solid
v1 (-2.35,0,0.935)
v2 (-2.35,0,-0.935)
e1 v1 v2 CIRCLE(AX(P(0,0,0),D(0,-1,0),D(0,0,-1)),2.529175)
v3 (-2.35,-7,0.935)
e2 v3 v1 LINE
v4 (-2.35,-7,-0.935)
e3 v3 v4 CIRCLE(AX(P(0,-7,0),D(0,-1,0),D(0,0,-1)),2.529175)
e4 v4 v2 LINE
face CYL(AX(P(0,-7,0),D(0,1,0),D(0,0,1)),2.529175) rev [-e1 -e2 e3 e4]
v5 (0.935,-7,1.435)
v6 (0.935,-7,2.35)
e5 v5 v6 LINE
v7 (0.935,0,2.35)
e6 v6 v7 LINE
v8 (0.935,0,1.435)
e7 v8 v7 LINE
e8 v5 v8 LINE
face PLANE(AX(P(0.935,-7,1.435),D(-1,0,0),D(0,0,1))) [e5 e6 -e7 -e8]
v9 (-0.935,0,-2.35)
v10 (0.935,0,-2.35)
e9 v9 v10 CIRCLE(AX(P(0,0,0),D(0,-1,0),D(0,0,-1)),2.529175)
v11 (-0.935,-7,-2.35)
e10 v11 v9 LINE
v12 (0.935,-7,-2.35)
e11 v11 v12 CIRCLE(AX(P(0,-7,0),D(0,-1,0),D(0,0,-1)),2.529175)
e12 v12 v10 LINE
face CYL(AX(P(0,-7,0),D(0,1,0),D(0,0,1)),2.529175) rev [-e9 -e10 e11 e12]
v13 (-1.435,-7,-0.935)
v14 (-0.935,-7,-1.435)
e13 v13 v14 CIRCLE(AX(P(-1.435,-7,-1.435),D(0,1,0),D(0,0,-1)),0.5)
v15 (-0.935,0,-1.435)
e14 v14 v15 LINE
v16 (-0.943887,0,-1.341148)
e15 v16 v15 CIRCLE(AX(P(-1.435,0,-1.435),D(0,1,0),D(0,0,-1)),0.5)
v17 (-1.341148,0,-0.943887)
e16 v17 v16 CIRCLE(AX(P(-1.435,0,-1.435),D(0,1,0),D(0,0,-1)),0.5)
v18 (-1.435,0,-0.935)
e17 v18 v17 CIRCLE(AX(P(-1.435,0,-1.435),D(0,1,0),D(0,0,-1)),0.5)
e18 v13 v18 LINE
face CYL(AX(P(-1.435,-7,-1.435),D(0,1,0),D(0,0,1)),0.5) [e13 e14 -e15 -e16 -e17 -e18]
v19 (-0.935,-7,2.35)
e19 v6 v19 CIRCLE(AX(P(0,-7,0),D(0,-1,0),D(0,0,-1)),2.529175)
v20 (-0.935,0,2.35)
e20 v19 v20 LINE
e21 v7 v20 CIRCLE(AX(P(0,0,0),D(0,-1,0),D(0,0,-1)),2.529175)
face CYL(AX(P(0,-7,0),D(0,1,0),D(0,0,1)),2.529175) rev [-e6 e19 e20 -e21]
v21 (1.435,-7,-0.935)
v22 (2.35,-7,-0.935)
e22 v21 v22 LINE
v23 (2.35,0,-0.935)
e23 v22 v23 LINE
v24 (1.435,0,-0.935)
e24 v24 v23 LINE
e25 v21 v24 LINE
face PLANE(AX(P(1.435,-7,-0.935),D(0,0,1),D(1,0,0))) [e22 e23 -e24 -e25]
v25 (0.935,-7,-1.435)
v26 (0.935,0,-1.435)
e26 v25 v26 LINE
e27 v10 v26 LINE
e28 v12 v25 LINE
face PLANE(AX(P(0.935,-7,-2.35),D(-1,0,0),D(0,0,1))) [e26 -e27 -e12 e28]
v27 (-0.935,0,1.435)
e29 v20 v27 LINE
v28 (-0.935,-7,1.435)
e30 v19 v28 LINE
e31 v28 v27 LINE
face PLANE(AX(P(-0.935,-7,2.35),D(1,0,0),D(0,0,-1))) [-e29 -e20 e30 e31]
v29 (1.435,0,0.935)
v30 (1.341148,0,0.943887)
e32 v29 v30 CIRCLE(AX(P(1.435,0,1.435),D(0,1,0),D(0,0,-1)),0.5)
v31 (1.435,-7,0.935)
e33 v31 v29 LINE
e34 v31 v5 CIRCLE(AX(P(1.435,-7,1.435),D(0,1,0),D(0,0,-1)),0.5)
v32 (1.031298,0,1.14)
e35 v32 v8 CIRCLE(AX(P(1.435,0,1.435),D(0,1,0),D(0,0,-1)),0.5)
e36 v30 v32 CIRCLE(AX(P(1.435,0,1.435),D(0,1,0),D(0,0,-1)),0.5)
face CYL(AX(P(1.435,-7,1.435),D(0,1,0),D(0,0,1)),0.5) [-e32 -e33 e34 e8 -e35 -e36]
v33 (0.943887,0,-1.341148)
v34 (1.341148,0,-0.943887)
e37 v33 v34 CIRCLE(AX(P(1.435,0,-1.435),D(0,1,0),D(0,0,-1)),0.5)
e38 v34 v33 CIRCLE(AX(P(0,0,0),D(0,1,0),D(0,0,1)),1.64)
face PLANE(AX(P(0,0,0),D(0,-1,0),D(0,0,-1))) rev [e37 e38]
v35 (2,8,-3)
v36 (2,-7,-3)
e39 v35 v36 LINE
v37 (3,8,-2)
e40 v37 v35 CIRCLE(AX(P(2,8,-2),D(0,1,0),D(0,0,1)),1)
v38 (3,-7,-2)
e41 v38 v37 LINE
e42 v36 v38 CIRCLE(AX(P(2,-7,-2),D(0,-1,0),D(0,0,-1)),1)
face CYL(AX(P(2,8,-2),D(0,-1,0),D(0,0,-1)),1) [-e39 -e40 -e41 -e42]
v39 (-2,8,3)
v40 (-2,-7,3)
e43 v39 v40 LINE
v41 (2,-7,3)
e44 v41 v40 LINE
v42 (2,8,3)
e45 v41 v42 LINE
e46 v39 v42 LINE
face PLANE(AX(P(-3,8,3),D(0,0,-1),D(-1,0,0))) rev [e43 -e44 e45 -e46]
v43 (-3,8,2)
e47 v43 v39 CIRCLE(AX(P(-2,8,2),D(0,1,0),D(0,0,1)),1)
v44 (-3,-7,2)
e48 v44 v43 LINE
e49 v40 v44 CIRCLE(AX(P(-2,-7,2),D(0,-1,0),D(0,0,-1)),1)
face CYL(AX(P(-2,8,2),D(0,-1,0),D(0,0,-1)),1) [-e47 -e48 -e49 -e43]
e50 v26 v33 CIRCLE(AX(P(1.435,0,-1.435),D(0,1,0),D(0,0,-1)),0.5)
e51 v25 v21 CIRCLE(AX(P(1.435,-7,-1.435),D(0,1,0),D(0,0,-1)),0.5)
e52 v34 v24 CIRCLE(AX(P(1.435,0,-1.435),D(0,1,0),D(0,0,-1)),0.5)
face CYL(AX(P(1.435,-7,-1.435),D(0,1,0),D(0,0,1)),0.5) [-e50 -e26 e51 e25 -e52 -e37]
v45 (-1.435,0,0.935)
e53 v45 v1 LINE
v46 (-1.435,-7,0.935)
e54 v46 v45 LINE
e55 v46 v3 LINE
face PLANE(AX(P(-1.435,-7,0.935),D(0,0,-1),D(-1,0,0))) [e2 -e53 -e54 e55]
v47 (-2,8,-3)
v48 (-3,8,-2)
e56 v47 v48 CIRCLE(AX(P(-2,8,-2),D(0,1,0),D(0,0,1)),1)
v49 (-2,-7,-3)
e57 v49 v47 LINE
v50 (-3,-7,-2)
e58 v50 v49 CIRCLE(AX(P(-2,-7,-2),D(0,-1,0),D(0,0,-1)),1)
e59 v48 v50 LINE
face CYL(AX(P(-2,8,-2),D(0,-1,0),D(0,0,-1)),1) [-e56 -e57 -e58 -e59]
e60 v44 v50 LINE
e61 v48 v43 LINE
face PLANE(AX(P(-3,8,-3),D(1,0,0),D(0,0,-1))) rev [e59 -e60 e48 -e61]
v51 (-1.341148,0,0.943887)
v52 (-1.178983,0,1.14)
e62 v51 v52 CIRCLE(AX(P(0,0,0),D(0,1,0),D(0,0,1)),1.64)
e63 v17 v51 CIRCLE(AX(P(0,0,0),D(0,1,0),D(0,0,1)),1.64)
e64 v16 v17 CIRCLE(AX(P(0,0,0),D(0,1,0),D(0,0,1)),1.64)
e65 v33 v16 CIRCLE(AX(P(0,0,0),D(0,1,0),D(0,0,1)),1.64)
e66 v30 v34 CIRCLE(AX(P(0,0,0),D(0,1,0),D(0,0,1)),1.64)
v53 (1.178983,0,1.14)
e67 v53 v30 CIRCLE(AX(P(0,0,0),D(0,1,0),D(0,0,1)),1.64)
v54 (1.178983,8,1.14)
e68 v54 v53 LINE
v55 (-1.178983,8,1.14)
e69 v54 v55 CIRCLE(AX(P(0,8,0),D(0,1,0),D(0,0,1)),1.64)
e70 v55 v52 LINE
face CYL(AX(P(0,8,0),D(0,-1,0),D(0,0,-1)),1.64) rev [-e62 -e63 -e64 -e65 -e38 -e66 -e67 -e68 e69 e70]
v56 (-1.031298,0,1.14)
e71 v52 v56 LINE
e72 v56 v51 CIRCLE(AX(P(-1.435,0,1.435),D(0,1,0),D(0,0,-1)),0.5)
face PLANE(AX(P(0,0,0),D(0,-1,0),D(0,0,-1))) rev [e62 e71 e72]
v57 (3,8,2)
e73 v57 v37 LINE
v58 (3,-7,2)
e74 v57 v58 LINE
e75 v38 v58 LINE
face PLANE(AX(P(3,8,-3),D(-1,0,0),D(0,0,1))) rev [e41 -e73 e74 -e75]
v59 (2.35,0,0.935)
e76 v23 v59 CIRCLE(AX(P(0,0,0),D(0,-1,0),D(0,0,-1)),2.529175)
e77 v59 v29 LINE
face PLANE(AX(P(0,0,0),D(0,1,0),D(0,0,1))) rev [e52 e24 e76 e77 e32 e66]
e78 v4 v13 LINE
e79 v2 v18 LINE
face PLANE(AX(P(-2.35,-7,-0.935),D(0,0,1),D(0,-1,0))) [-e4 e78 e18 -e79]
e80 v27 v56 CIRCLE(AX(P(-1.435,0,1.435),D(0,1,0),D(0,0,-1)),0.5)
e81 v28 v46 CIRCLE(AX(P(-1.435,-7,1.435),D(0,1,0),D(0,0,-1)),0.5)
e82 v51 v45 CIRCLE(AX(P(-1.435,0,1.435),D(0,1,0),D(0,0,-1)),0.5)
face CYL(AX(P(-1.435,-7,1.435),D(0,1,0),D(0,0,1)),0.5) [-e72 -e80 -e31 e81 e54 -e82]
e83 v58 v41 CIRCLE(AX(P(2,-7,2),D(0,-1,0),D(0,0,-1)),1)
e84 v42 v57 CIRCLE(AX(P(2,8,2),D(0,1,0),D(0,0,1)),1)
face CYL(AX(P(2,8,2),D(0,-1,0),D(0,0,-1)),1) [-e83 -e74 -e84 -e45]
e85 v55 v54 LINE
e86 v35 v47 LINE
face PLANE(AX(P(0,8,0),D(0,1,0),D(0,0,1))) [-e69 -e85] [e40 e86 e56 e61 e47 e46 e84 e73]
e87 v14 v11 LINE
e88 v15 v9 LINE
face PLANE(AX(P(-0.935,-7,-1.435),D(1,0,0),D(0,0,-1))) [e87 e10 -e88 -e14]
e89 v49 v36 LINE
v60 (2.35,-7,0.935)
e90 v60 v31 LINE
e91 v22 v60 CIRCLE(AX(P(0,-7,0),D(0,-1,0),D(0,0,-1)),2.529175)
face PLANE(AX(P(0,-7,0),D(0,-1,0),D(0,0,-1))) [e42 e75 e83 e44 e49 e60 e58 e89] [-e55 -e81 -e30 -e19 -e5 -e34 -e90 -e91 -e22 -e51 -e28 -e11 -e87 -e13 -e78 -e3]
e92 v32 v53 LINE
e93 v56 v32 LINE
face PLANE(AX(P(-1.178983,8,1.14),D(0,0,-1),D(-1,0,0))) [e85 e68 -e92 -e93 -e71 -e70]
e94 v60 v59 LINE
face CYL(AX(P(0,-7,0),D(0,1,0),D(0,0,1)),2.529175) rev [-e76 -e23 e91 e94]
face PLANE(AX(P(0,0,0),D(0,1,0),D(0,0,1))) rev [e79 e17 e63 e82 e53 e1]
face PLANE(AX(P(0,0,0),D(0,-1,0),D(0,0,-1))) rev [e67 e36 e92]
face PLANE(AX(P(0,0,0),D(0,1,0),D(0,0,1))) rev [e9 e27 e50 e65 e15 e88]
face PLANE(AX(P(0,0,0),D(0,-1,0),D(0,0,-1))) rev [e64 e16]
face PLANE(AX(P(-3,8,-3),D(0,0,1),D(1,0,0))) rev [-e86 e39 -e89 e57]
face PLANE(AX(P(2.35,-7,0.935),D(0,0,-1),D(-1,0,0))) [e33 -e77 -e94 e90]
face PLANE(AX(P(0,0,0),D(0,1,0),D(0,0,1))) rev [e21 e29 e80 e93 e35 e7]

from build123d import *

# Parameters (mm, degrees)
SKETCH2_W           = 6
SKETCH2_H           = 6
BOSS_EXTRUDE1_DEPTH = 8
SKETCH7_W           = 6
SKETCH7_H           = 6
BOSS_EXTRUDE2_DEPTH = 7
FILLET1_R           = 1


with BuildPart() as part:
    # Sketch2 → Boss-Extrude1 (new body)
    with BuildSketch(Plane(origin=(0, 0, 0), x_dir=(1, 0, 0), z_dir=(0, 1, 0))):
        Rectangle(SKETCH2_W, SKETCH2_H)
        with BuildLine():
            Line((-1.178982612, -1.14), (1.178982612, -1.14))
            ThreePointArc((1.178982612, -1.14), (0, 1.64), (-1.178982612, -1.14))
        make_face(mode=Mode.SUBTRACT)
    extrude(amount=BOSS_EXTRUDE1_DEPTH)

    # Sketch7 → Boss-Extrude2 (add)
    with BuildSketch(Plane(origin=(0, 0, 0), x_dir=(-1, 0, 0), z_dir=(0, -1, 0))):
        Rectangle(SKETCH7_W, SKETCH7_H)
        with BuildLine():
            Line((-2.35, -0.935), (-1.435, -0.935))
            ThreePointArc((-1.435, -0.935), (-1.081446609, -1.081446609), (-0.935, -1.435))
            Line((-0.935, -1.435), (-0.935, -2.35))
            ThreePointArc((-0.935, -2.35), (0, -2.529174767), (0.935, -2.35))
            Line((0.935, -2.35), (0.935, -1.435))
            ThreePointArc((0.935, -1.435), (1.081446609, -1.081446609), (1.435, -0.935))
            Line((1.435, -0.935), (2.35, -0.935))
            ThreePointArc((2.35, -0.935), (2.529174767, 0), (2.35, 0.935))
            Line((2.35, 0.935), (1.435, 0.935))
            ThreePointArc((1.435, 0.935), (1.081446609, 1.081446609), (0.935, 1.435))
            Line((0.935, 1.435), (0.935, 2.35))
            ThreePointArc((0.935, 2.35), (0, 2.529174767), (-0.935, 2.35))
            Line((-0.935, 2.35), (-0.935, 1.435))
            ThreePointArc((-0.935, 1.435), (-1.081446609, 1.081446609), (-1.435, 0.935))
            Line((-1.435, 0.935), (-2.35, 0.935))
            ThreePointArc((-2.35, 0.935), (-2.529174767, 0), (-2.35, -0.935))
        make_face(mode=Mode.SUBTRACT)
    extrude(amount=BOSS_EXTRUDE2_DEPTH)

    # Fillet1
    fillet1_edges = [part.edges().sort_by_distance(p)[0] for p in [
        (3, 0.5, 3),
        (-3, 0.5, 3),
        (-3, 0.5, -3),
        (3, 0.5, -3),
    ]]
    fillet(fillet1_edges, radius=FILLET1_R)


solid = part.part
